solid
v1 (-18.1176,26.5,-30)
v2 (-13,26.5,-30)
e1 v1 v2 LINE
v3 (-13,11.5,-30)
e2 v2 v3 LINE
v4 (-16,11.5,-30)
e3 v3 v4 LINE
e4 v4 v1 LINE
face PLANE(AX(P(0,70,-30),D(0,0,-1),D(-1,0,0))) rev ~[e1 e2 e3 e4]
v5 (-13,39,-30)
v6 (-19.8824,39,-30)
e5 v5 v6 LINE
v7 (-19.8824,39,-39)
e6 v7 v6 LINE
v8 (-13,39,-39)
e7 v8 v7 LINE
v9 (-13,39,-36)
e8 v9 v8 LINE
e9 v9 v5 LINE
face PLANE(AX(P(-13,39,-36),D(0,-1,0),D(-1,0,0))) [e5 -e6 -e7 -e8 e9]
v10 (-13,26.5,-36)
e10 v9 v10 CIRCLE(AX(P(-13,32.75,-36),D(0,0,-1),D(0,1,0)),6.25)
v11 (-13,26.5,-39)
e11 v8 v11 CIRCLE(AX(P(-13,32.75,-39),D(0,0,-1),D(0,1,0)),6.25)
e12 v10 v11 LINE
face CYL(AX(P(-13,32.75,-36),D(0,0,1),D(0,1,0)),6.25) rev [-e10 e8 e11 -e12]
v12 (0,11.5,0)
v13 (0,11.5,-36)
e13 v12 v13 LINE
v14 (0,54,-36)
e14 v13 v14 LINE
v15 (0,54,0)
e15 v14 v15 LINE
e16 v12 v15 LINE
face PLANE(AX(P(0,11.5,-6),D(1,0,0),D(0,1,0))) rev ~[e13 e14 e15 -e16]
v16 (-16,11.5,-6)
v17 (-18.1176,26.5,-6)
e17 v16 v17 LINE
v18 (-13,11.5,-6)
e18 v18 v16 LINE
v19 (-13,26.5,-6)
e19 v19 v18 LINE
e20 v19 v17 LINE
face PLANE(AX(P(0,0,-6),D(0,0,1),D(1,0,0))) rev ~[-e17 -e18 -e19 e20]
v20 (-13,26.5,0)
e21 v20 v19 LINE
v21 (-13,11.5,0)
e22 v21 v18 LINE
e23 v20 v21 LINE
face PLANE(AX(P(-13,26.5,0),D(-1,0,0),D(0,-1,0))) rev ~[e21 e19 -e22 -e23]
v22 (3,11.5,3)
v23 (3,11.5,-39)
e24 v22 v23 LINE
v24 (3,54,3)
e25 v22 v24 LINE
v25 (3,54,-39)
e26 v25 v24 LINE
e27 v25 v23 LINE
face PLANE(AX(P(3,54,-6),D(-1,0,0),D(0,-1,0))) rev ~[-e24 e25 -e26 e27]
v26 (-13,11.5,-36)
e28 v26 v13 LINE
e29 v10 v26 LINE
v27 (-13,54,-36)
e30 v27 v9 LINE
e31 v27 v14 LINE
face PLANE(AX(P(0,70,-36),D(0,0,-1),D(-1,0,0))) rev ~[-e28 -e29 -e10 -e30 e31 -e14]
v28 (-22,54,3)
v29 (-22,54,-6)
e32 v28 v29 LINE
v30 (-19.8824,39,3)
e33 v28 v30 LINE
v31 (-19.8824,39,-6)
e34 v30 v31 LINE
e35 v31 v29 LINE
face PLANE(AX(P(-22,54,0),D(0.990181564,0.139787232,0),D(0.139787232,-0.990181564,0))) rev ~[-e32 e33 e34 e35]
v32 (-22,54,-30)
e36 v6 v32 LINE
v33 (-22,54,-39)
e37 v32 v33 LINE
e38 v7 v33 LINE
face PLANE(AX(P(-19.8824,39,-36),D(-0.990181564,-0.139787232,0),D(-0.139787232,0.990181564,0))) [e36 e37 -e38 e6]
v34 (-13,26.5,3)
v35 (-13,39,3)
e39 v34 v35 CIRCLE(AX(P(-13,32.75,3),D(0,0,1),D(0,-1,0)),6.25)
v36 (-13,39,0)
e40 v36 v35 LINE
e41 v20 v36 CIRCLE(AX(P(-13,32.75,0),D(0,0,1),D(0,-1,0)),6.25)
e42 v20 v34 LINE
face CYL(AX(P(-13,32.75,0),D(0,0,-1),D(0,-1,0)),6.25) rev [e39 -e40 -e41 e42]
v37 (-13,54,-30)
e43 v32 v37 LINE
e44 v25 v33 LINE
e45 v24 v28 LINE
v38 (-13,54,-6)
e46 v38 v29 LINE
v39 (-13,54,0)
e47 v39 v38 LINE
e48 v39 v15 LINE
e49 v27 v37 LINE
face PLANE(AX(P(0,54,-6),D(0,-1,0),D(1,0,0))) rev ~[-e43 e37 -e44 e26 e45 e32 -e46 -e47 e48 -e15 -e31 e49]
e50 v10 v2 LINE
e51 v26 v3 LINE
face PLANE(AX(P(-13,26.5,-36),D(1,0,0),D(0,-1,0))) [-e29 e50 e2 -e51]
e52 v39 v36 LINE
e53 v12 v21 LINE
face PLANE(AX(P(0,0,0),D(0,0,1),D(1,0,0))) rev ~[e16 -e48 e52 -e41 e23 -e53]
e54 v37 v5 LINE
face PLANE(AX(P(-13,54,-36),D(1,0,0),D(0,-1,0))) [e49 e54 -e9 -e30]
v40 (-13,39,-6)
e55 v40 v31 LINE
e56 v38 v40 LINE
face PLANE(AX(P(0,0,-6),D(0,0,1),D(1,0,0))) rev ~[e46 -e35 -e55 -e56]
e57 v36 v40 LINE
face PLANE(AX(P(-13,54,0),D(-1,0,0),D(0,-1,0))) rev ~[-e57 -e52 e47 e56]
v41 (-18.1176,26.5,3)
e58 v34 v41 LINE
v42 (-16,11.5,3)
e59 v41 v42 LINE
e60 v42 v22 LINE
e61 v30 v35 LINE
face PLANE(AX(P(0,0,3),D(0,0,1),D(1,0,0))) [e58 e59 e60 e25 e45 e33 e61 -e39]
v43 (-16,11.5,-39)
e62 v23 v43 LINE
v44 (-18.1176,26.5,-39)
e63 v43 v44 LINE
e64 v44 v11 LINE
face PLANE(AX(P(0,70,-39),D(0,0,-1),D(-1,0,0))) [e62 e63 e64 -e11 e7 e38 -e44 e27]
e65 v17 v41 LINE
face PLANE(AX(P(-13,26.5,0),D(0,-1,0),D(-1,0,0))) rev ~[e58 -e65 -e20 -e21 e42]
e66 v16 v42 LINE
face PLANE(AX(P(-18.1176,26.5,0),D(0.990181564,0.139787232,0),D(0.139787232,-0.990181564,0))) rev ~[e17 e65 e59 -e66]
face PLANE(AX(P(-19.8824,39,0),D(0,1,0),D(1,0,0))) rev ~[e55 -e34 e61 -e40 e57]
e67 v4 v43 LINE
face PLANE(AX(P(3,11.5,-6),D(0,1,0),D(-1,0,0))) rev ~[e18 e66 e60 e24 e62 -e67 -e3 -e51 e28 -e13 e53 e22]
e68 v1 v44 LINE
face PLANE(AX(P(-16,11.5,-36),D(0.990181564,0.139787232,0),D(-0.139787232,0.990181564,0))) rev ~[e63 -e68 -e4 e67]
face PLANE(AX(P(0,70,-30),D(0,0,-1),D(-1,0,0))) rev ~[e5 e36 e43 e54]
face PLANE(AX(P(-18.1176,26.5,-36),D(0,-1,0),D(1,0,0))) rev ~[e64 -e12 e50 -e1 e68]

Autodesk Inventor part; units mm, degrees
ref_plane "YZ Plane" through (0, 0, 0) normal (1, 0, 0) x (0, 1, 0)
ref_plane "XZ Plane" through (0, 0, 0) normal (0, 1, 0) x (-1, 0, 0)
ref_plane "XY Plane" through (0, 0, 0) normal (0, 0, 1) x (1, 0, 0)
sketch "Sketch1" plane through (0, 0, 0) normal (0, 0, 1) x (1, 0, 0)
  line L0 (-11.5, 1.5) -> (-11.5, 64) projected
  line L1 (-1.5, 1.5) -> (-11.5, 1.5) projected
  line L2 (-1.5, 64) -> (-1.5, 1.5) projected
  arc A0 (-1.5, 64) -> (-6, 68.5) centre (-6, 64) ccw projected
  line L3 (-7, 68.5) -> (-6, 68.5) projected
  arc A1 (-7, 68.5) -> (-11.5, 64) centre (-7, 64) ccw projected
  line L4 (-13, 64) -> (-13, 1.5) projected
  line L5 (0, 1.5) -> (0, 64) projected
  line L6 (-11.5, 0) -> (-1.5, 0) projected
  arc A2 (-13, 1.5) -> (-11.5, 0) centre (-11.5, 1.5) ccw projected
  arc A3 (-1.5, 0) -> (0, 1.5) centre (-1.5, 1.5) ccw projected
  arc A4 (-7, 70) -> (-13, 64) centre (-7, 64) ccw projected
  arc A5 (0, 64) -> (-6, 70) centre (-6, 64) ccw projected
  line L7 (-6, 70) -> (-7, 70) projected
  line L8 (-13, 1.5) -> (-13, 11.5)
  line L9 (-13, 64) -> (-13, 54)
  line L10 (0, 1.5) -> (0, 11.5)
  line L11 (0, 54) -> (0, 64)
  line L12 (0, 11.5) -> (3, 11.5)
  line L13 (3, 11.5) -> (3, 54)
  line L14 (3, 54) -> (0, 54)
  line L15 (0, 11.5) -> (0, 54)
  line L16 (-13, 11.5) -> (-16, 11.5)
  line L17 (-13, 54) -> (-22, 54)
  line L18 (-13, 11.5) -> (-13, 54)
  line L19 (-13, 11.5) -> (-13, 26.5)
  line L20 (-13, 26.5) -> (-18.1176, 26.5)
  line L21 (-13, 54) -> (-13, 39)
  line L22 (-13, 39) -> (-19.8824, 39)
  line L23 (-16, 11.5) -> (-18.1176, 26.5)
  line L24 (-19.8824, 39) -> (-22, 54)
  point P0 (0, 0)
  dimension "d0" = 10
  dimension "d1" = 10
  dimension "d2" = 3
  dimension "d3" = 3
  dimension "d4" = 9
  dimension "d5" = 15
  dimension "d6" = 15
extrude "Extrusion1" add sketch "Sketch1" against normal blind 6 contours L4 L22 L24 L17 | L4 L16 L23 L20 | L14 L13 L12 L5
sketch "Sketch2" plane through (0, 0, 0) normal (0, 0, 1) x (1, 0, 0)
  line L0 (-18.1176, 26.5) -> (-16, 11.5) projected
  line L1 (-16, 11.5) -> (-13, 11.5) projected
  line L2 (-13, 26.5) -> (-18.1176, 26.5) projected
  line L3 (-19.8824, 39) -> (-13, 39) projected
  line L4 (-22, 54) -> (-19.8824, 39) projected
  line L5 (-13, 54) -> (-22, 54) projected
  line L6 (0, 11.5) -> (3, 11.5) projected
  line L7 (3, 11.5) -> (3, 54) projected
  line L8 (3, 54) -> (0, 54) projected
  line L9 (0, 11.5) -> (-13, 11.5)
  line L10 (-13, 54) -> (0, 54)
  arc A0 (-13, 26.5) -> (-13, 39) centre (-13, 32.75) ccw
  point P0 (0, 0)
extrude "Extrusion2" add sketch "Sketch2" along normal blind 3
ref_plane "Work Plane8" through (0, 70, -36) normal (0, 0, -1) x (-1, 0, 0)
sketch "Sketch3" plane through (0, 70, -36) normal (0, 0, -1) x (-1, 0, 0)
  line L0 (22, -16) -> (13, -16) projected
  line L1 (13, -16) -> (13, -31) projected
  line L2 (13, -31) -> (19.8824, -31) projected
  line L3 (19.8824, -31) -> (22, -16) projected
  line L4 (13, -43.5) -> (13, -58.5) projected
  line L5 (13, -58.5) -> (16, -58.5) projected
  line L6 (16, -58.5) -> (18.1176, -43.5) projected
  line L7 (18.1176, -43.5) -> (13, -43.5) projected
  line L8 (-3, -58.5) -> (0, -58.5) projected
  line L9 (0, -58.5) -> (0, -16) projected
  line L10 (0, -16) -> (-3, -16) projected
  line L11 (-3, -16) -> (-3, -58.5) projected
  point P0 (0, -70)
extrude "Extrusion3" add sketch "Sketch3" against normal blind 6
ref_plane "Work Plane7" through (0, 70, -36) normal (0, 0, -1) x (-1, 0, 0)
sketch "Sketch4" plane through (0, 70, -36) normal (0, 0, -1) x (-1, 0, 0)
  line L0 (22, -16) -> (13, -16) projected
  line L1 (13, -16) -> (13, -31) projected
  line L2 (13, -31) -> (19.8824, -31) projected
  line L3 (19.8824, -31) -> (22, -16) projected
  line L4 (13, -43.5) -> (13, -58.5) projected
  line L5 (13, -58.5) -> (16, -58.5) projected
  line L6 (16, -58.5) -> (18.1176, -43.5) projected
  line L7 (18.1176, -43.5) -> (13, -43.5) projected
  line L8 (-3, -58.5) -> (0, -58.5) projected
  line L9 (0, -58.5) -> (0, -16) projected
  line L10 (0, -16) -> (-3, -16) projected
  line L11 (-3, -16) -> (-3, -58.5) projected
  line L12 (18.1176, -43.5) -> (16, -58.5) projected
  line L13 (16, -58.5) -> (-3, -58.5) projected
  line L14 (-3, -58.5) -> (-3, -16) projected
  line L15 (-3, -16) -> (22, -16) projected
  line L16 (22, -16) -> (19.8824, -31) projected
  line L17 (19.8824, -31) -> (13, -31) projected
  arc A0 (13, -31) -> (13, -43.5) centre (13, -37.25) ccw projected
  line L18 (13, -43.5) -> (18.1176, -43.5) projected
  point P0 (0, -70)
extrude "Extrusion4" add sketch "Sketch4" along normal blind 3
sketch "Sketch5" plane through (0, 0, -6) normal (0, 0, -1) x (-1, 0, 0)
  line L0 (-3, 11.5) -> (0, 11.5) projected
  line L1 (0, 11.5) -> (0, 54) projected
  line L2 (0, 54) -> (-3, 54) projected
  line L3 (-3, 54) -> (-3, 11.5) projected
  point P0 (0, 0)
extrude "Extrusion5" add sketch "Sketch5" along normal up to next
properties part number "soporte baterias"
